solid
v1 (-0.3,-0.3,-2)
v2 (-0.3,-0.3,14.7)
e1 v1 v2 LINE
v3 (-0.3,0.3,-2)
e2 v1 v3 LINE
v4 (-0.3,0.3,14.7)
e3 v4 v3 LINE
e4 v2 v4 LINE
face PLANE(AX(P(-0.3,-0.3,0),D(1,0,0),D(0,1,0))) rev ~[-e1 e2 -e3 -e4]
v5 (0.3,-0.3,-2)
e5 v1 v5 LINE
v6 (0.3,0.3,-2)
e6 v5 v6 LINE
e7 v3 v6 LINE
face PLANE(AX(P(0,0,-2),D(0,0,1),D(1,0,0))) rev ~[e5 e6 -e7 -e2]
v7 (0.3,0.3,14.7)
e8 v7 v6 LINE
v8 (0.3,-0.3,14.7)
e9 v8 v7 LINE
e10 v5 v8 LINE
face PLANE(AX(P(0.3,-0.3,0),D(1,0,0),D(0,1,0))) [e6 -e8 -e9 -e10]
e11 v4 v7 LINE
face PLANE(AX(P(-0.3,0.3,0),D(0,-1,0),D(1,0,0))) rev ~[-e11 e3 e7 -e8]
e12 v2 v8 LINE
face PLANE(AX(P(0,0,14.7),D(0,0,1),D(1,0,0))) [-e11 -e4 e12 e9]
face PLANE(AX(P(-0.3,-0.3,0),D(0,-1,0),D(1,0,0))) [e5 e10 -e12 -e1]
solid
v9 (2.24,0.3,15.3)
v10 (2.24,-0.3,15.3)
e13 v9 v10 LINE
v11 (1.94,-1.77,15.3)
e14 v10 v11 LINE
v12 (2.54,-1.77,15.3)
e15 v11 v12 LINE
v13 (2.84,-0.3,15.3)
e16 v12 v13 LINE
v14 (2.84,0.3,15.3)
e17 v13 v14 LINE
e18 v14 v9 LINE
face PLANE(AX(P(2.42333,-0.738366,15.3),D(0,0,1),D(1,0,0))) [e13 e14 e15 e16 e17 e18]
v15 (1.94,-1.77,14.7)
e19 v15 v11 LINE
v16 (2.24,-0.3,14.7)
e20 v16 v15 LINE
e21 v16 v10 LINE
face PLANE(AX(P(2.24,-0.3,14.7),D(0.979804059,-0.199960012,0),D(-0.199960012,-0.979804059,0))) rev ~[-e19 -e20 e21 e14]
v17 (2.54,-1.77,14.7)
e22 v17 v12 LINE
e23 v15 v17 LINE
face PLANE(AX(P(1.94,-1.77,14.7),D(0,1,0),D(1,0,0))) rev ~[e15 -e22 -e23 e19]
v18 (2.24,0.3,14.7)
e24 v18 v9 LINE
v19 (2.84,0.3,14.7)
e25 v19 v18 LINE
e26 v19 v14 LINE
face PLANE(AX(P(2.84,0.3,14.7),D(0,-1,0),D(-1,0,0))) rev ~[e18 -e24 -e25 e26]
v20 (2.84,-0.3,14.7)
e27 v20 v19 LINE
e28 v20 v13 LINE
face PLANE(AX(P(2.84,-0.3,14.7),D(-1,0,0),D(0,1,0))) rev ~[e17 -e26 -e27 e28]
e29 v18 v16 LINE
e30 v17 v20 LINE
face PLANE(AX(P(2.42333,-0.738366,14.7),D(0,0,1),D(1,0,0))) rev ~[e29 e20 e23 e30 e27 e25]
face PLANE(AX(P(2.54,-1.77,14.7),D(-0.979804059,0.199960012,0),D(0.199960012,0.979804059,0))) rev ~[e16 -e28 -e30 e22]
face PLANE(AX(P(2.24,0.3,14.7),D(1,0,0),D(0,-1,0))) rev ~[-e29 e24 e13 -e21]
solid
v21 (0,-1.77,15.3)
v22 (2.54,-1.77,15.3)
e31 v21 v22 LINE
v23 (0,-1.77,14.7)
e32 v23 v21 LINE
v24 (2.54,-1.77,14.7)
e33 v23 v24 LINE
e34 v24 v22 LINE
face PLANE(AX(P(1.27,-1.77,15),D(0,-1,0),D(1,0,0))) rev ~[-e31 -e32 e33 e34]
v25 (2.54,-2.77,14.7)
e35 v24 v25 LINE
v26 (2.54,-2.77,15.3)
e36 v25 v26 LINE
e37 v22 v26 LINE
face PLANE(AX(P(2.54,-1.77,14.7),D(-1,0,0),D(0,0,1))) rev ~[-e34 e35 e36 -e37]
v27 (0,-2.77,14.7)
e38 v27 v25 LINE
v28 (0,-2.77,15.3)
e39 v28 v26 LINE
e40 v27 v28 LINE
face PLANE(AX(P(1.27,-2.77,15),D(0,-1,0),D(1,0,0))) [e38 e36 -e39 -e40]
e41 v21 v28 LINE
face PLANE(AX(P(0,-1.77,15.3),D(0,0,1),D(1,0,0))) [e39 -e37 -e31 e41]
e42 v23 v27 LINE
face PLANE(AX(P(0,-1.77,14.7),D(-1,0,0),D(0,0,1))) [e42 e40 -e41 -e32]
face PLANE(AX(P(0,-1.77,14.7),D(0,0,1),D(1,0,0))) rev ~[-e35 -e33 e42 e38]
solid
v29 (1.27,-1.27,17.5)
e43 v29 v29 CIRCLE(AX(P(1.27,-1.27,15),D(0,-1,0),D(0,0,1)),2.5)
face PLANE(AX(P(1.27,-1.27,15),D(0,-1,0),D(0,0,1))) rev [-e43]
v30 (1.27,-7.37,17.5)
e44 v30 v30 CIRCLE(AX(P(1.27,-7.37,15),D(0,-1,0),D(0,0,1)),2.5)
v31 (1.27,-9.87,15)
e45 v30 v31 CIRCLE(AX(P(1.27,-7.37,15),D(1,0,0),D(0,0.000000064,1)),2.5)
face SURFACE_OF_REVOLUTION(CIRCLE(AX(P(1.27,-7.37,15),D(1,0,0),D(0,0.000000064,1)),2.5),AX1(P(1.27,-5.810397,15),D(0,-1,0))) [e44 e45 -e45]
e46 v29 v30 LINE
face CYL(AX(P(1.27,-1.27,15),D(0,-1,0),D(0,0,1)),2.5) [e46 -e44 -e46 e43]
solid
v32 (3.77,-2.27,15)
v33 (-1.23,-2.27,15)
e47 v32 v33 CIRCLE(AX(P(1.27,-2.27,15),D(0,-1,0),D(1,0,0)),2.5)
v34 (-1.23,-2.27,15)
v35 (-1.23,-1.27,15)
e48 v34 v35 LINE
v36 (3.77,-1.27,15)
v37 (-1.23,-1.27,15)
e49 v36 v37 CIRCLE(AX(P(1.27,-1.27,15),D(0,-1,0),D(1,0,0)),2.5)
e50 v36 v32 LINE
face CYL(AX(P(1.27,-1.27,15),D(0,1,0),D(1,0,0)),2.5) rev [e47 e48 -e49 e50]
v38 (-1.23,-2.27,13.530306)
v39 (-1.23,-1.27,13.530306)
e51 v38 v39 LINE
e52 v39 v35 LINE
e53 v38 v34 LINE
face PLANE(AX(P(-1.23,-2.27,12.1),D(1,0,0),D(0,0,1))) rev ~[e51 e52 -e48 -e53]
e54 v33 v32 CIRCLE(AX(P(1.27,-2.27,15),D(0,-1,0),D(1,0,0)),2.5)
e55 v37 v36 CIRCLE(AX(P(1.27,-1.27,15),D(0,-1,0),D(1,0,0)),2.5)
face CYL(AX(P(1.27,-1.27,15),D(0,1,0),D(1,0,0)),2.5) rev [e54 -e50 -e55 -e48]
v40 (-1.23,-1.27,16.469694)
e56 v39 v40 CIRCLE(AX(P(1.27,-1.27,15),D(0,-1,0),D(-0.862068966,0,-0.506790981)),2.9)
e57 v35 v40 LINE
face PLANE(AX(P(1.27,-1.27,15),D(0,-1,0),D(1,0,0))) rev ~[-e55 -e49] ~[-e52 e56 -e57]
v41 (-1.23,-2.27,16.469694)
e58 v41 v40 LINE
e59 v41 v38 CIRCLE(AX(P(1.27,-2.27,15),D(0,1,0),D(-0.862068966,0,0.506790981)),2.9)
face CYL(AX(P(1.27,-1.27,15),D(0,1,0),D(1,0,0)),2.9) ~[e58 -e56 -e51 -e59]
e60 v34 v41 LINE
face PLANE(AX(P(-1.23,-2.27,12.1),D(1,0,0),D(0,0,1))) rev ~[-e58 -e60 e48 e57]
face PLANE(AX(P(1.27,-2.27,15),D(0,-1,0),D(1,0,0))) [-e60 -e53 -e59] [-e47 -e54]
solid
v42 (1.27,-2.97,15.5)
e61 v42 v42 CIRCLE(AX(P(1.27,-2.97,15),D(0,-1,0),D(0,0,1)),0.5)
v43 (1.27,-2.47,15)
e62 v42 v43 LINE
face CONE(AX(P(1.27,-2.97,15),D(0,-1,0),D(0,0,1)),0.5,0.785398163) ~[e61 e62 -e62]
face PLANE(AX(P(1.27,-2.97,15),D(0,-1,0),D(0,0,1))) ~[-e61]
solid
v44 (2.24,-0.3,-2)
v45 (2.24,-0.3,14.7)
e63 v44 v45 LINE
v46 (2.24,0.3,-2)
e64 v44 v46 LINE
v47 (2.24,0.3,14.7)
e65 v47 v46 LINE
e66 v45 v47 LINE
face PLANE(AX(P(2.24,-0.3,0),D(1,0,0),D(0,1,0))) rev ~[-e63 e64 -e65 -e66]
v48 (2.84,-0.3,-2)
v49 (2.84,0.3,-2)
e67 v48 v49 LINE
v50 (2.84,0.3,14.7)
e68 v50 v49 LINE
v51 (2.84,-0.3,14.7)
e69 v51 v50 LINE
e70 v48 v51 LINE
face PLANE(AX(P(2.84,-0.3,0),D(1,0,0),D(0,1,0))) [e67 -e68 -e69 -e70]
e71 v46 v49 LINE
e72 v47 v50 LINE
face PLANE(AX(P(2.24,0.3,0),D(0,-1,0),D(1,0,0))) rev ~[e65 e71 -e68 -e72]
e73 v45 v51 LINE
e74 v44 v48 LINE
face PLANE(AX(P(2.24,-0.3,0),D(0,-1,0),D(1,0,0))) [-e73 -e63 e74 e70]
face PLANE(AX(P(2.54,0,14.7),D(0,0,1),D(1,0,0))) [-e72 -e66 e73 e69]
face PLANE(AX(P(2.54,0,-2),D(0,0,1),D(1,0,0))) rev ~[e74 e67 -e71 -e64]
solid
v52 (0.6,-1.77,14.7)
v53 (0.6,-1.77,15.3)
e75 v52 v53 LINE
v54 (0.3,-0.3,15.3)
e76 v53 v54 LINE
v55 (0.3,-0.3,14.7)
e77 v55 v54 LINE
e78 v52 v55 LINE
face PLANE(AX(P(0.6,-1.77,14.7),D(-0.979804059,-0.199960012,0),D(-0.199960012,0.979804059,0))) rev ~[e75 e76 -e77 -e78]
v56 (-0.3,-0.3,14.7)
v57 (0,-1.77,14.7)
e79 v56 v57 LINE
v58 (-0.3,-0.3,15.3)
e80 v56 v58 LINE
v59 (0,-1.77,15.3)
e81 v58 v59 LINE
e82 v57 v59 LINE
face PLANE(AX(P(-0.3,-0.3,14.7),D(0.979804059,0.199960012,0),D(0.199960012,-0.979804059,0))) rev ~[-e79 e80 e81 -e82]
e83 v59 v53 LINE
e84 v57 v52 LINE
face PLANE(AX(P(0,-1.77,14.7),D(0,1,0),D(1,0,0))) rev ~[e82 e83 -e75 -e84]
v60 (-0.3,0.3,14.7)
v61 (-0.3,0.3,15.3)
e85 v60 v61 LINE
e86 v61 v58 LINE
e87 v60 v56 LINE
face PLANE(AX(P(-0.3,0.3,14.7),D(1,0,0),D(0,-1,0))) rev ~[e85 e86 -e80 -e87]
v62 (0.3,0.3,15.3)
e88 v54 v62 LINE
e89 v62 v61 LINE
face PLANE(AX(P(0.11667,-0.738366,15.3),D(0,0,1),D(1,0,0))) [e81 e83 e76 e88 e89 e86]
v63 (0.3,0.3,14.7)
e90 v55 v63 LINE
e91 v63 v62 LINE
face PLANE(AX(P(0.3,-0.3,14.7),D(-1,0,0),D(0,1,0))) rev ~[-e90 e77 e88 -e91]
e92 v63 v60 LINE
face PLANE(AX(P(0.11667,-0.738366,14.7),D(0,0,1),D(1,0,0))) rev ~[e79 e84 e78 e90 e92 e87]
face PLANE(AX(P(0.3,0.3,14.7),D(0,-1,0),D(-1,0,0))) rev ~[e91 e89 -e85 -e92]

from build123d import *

# Parameters (mm, degrees)
SKETCH_W       = 0.6
SKETCH_H       = 0.6
PAD_DEPTH      = 14.7
PAD_DEPTH_BACK = 2
PAD001_DEPTH   = 0.6
SKETCH002_W    = 2.54
SKETCH002_H    = 0.6
PAD002_DEPTH   = 1
SKETCH004_R    = 2.9
SKETCH004_R_2  = 2.5
PAD003_DEPTH   = 1
SKETCH006_W    = 0.4
SKETCH006_H    = 5.8
POCKET_DEPTH   = 1.001


with BuildPart() as pad:
    # Sketch → Pad (new body, two sides)
    with BuildSketch(Plane.XY) as pad_sk:
        Rectangle(SKETCH_W, SKETCH_H)
        with Locations((2.54, 0)):
            Rectangle(SKETCH_W, SKETCH_H)
    extrude(amount=PAD_DEPTH)
    extrude(pad_sk.sketch, amount=-PAD_DEPTH_BACK)


with BuildPart() as pad001:
    # Sketch001 → Pad001 (new body)
    with BuildSketch(Plane.XY.offset(14.7)):
        Polygon((0.3, 0.3), (-0.3, 0.3), (-0.3, -0.3), (0, -1.77), (0.6, -1.77), (0.3, -0.3), align=None)
        Polygon((2.84, 0.3), (2.24, 0.3), (2.24, -0.3), (1.94, -1.77), (2.54, -1.77), (2.84, -0.3), align=None)
    extrude(amount=PAD001_DEPTH)


with BuildPart() as pad002:
    # Sketch002 → Pad002 (new body)
    with BuildSketch(Plane.XZ.offset(1.77)):
        with Locations((1.27, 15)):
            Rectangle(SKETCH002_W, SKETCH002_H)
    extrude(amount=PAD002_DEPTH)


with BuildPart() as revolution:
    # Sketch003 → Revolution (revolve)
    with BuildSketch(Plane.YZ.offset(1.27)):
        with BuildLine():
            Line((-1.27, 15), (-9.87, 15))
            ThreePointArc((-7.37, 17.5), (-9.137767, 16.767767), (-9.87, 15))
            Line((-1.27, 17.5), (-7.37, 17.5))
            Line((-1.27, 15), (-1.27, 17.5))
        make_face()
    revolve(axis=Axis((1.27, -5.810397, 15), (0, -1, 0)))


with BuildPart() as revolution001:
    # Sketch005 → Revolution001 (revolve)
    with BuildSketch(Plane.YZ.offset(1.27)):
        Polygon((-2.47, 15), (-2.97, 15), (-2.97, 15.5), align=None)
    revolve(axis=Axis((1.27, -3.977201, 15), (0, -1, 0)))


with BuildPart() as pocket:
    # Sketch004 → Pad003 (new body)
    with BuildSketch(Plane.XZ.offset(1.27)):
        with Locations((1.27, 15)):
            Circle(SKETCH004_R)
        with Locations((1.27, 15)):
            Circle(SKETCH004_R_2, mode=Mode.SUBTRACT)
    extrude(amount=PAD003_DEPTH)

    # Sketch006 → Pocket (cut, through all)
    with BuildSketch(Plane.XZ.offset(2.27)):
        with Locations((-1.43, 15)):
            Rectangle(SKETCH006_W, SKETCH006_H)
    extrude(amount=-POCKET_DEPTH, mode=Mode.SUBTRACT)


solid = Compound([pad.part, pad001.part, pad002.part, revolution.part, revolution001.part, pocket.part])
